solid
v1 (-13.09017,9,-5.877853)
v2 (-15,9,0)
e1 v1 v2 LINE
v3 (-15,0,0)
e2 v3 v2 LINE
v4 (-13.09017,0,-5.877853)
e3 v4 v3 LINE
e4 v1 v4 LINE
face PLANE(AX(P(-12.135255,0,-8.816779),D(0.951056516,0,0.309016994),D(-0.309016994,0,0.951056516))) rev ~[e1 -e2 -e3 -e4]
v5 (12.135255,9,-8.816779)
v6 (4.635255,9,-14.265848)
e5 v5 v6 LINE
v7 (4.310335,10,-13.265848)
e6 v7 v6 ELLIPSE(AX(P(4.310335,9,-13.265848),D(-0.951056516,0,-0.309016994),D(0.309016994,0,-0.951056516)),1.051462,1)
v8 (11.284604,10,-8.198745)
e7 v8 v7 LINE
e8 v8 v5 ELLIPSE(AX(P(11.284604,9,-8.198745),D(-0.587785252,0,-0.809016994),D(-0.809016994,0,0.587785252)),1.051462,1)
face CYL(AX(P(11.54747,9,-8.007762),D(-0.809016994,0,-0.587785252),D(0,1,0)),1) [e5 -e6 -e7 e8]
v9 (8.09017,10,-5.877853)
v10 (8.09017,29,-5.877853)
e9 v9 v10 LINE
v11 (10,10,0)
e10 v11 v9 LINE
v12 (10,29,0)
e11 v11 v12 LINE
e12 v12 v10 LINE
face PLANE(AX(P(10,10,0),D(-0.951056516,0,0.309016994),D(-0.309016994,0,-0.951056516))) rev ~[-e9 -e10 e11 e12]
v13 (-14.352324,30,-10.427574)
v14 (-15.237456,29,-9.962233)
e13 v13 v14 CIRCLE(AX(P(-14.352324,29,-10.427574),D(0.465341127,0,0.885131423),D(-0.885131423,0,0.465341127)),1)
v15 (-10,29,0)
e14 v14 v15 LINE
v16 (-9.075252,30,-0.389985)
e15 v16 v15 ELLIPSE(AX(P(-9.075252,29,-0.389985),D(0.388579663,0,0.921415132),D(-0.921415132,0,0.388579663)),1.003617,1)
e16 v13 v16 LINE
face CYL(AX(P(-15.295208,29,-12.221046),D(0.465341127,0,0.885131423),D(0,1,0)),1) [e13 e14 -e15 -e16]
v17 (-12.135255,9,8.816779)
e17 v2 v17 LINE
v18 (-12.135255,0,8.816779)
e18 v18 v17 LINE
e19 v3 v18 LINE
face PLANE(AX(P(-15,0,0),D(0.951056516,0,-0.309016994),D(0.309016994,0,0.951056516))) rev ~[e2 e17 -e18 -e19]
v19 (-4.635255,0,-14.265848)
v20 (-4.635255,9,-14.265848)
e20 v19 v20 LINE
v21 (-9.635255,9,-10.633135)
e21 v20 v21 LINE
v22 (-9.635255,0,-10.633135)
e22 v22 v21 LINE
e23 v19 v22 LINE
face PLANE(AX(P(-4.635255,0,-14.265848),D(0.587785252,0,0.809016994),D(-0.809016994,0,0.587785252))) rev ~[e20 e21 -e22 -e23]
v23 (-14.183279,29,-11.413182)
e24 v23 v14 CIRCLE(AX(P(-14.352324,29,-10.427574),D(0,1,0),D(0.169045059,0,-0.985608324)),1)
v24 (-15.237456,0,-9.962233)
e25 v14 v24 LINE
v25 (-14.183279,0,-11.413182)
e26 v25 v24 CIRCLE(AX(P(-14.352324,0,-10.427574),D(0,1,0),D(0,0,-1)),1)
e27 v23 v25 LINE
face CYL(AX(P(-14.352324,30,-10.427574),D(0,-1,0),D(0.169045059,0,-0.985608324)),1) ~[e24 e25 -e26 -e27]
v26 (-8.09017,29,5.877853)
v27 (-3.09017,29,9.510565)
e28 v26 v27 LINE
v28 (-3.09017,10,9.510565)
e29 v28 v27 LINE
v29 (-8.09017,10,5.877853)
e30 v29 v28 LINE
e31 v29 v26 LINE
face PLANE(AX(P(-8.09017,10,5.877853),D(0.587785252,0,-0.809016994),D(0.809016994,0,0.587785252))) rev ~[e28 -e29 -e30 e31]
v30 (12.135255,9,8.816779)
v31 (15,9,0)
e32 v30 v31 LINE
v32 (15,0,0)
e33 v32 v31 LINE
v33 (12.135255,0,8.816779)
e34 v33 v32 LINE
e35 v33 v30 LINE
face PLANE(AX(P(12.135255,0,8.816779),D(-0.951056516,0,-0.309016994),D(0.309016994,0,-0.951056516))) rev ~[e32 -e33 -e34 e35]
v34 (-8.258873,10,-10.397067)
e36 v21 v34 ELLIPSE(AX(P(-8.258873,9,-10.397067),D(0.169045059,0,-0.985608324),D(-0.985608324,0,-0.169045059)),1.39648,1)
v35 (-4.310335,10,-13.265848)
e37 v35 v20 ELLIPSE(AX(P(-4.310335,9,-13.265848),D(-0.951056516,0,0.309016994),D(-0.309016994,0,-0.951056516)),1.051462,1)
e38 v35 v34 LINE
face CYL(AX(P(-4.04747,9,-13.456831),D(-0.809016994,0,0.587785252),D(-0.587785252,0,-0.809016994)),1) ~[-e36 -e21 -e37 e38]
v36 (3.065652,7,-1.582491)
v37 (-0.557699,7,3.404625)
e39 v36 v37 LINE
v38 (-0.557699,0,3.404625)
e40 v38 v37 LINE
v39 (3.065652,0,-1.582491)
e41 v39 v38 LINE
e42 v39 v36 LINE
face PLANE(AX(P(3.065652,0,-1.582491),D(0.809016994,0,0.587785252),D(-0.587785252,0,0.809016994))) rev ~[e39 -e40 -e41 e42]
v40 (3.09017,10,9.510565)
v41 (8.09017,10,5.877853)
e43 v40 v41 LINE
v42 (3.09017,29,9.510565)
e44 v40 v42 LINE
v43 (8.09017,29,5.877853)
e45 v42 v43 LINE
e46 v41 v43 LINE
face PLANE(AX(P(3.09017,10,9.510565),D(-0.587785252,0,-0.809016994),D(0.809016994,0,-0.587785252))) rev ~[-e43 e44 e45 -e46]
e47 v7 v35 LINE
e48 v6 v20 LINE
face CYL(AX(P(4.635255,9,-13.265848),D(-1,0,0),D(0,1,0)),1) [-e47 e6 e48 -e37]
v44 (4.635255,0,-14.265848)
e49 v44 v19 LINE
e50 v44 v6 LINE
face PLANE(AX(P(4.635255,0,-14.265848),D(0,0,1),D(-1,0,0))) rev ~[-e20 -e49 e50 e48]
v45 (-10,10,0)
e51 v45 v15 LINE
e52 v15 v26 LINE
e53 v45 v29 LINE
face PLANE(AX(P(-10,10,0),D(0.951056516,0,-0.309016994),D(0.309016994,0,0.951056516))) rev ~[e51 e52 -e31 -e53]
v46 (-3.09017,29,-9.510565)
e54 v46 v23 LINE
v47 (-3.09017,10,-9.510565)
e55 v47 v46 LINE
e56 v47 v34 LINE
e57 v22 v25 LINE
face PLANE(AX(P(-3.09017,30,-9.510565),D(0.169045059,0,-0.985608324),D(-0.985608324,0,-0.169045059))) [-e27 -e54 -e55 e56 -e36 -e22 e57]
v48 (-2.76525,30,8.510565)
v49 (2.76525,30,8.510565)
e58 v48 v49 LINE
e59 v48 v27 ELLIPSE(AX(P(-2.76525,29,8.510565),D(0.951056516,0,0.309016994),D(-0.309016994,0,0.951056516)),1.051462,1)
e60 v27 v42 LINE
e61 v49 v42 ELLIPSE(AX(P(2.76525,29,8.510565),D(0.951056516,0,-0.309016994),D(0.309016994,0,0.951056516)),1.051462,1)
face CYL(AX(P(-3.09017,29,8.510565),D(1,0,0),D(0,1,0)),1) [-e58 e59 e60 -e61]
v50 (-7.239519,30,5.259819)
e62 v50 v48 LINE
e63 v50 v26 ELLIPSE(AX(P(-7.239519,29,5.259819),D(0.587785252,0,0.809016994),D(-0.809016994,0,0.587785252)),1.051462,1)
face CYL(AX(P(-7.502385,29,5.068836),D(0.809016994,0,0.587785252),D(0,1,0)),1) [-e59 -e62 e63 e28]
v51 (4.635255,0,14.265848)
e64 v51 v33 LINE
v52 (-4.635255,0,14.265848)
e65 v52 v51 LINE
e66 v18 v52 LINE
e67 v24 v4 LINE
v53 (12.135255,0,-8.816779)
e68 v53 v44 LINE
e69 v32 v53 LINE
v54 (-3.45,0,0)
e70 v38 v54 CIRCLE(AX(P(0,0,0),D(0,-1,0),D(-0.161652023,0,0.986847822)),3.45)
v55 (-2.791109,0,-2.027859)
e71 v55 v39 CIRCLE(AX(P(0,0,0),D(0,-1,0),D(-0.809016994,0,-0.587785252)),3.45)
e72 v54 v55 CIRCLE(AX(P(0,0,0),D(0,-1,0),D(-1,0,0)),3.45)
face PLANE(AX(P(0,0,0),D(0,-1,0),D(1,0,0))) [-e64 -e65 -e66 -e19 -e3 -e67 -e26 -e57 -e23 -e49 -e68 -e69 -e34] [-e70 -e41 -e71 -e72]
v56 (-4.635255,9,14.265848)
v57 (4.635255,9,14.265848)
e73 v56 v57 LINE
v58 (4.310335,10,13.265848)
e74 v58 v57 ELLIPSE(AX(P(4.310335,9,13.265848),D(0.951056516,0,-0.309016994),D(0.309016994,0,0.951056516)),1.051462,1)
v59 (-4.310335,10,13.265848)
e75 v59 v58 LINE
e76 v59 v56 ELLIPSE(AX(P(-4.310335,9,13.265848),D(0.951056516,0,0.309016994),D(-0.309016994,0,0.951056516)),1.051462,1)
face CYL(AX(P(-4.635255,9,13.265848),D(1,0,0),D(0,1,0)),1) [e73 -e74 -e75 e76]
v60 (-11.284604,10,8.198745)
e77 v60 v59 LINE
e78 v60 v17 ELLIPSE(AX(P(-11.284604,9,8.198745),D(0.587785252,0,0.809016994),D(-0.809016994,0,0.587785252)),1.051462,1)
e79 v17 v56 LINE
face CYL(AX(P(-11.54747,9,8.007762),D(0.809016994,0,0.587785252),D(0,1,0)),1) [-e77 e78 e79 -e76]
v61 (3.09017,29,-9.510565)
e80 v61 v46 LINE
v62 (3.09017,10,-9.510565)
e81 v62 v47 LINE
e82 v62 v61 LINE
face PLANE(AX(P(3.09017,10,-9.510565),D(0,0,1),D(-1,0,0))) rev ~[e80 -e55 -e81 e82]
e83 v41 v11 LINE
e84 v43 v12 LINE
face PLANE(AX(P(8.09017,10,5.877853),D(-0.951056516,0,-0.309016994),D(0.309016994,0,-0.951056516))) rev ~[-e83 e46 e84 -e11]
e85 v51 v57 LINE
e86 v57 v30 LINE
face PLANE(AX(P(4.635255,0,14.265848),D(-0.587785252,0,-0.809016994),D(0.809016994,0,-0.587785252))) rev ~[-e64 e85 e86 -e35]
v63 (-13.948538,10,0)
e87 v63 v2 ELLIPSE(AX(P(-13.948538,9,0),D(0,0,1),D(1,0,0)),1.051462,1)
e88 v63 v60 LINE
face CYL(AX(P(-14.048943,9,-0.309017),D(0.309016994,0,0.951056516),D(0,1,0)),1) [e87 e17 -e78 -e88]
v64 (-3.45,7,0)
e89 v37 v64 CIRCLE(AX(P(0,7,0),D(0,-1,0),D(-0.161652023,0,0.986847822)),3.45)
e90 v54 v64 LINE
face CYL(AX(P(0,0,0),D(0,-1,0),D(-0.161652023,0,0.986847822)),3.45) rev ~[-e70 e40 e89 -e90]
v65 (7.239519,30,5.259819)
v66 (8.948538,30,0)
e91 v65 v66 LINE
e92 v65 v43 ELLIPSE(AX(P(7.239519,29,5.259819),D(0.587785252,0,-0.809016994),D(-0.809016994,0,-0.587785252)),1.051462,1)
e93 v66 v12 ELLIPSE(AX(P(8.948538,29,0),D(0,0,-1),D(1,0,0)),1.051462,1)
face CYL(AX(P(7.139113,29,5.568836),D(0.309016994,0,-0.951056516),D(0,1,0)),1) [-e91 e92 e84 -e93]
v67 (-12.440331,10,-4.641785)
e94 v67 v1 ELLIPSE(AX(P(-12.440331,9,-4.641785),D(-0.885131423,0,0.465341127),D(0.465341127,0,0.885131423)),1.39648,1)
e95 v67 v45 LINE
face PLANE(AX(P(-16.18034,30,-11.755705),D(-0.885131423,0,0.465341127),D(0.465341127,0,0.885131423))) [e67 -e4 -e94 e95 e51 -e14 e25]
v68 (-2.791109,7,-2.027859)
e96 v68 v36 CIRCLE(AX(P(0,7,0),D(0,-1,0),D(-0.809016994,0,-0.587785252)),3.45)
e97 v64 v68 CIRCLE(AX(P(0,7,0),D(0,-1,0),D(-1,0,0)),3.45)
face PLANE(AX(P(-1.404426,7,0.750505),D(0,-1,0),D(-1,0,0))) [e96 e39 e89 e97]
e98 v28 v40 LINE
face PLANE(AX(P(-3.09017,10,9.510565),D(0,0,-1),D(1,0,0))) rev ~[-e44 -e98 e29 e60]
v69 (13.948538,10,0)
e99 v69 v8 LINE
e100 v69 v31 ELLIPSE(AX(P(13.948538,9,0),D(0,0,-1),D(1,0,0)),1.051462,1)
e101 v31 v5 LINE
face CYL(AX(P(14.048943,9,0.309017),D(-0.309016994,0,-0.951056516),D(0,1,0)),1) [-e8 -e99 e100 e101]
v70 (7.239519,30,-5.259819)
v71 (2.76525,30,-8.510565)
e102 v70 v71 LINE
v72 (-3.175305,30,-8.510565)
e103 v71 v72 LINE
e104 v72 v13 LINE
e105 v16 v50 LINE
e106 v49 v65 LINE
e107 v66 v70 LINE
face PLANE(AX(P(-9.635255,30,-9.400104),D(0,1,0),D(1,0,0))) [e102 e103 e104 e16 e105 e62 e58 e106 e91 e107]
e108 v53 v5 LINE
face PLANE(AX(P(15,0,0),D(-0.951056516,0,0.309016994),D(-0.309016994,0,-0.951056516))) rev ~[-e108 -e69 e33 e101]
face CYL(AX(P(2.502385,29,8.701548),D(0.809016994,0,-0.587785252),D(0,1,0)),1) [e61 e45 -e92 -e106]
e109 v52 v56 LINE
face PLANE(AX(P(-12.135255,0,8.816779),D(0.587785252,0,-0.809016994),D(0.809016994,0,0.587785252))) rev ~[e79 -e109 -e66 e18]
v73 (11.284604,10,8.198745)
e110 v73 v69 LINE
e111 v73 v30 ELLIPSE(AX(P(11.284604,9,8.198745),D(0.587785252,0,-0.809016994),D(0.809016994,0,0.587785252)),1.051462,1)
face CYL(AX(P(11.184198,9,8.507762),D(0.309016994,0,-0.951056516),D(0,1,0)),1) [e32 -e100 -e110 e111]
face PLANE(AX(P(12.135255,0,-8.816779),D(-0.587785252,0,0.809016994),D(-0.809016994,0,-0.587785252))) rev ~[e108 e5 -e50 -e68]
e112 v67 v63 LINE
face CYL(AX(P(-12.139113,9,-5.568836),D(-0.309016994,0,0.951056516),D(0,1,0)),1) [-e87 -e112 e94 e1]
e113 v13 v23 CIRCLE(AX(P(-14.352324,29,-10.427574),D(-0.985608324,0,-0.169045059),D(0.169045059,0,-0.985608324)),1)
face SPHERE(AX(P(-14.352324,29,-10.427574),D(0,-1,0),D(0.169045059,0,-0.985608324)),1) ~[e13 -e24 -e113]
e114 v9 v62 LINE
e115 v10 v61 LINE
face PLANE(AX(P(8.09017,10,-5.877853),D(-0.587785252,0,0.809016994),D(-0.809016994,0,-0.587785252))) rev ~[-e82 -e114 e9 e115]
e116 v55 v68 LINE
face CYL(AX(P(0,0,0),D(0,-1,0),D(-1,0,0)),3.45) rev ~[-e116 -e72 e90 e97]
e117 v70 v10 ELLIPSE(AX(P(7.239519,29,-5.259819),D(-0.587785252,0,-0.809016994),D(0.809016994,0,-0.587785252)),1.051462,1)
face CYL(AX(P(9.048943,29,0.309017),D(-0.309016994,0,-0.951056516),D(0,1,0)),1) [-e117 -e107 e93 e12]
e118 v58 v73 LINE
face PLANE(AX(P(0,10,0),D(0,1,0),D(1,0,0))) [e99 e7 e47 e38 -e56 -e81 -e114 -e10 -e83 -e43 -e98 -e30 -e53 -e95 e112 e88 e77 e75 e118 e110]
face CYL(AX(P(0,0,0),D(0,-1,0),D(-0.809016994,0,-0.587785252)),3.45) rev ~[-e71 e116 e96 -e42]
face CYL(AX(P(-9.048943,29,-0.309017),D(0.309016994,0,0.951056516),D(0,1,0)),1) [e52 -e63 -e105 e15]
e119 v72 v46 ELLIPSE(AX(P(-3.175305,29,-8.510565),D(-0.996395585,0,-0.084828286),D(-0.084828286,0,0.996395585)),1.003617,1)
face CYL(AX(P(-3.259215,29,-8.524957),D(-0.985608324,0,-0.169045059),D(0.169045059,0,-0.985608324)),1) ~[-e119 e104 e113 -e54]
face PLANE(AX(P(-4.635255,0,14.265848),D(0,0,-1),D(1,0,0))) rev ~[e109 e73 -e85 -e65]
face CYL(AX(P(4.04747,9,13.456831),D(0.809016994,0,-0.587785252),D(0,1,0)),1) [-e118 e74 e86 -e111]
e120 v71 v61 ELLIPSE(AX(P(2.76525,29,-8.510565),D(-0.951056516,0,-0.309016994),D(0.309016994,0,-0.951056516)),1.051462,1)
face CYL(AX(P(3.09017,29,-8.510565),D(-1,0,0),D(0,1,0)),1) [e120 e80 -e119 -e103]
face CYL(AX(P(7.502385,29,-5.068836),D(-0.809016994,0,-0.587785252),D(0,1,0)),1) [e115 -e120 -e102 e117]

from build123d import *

# Parameters (mm, degrees)
BOSS_EXTRUDE1_DEPTH = 10
BOSS_EXTRUDE2_DEPTH = 20
BOSS_EXTRUDE3_REACH = 38.449
FILLET1_R           = 1
CUT_EXTRUDE1_DEPTH  = 7


with BuildPart() as part:
    # Sketch1 → Boss-Extrude1 (new body)
    with BuildSketch(Plane(origin=(0, 0, 0), x_dir=(1, 0, 0), z_dir=(0, 1, 0))):
        Polygon((15, 0), (12.135254916, 8.816778784), (4.635254916, 14.265847744), (-4.635254916, 14.265847744), (-12.135254916, 8.816778784), (-15, 0), (-12.135254916, -8.816778784), (-4.635254916, -14.265847744), (4.635254916, -14.265847744), (12.135254916, -8.816778784), align=None)
    extrude(amount=BOSS_EXTRUDE1_DEPTH)

    # Sketch2 → Boss-Extrude2 (add)
    with BuildSketch(Plane(origin=(0, 10, 0), x_dir=(1, 0, 0), z_dir=(0, 1, 0))):
        Polygon((10, 0), (8.090169944, 5.877852523), (3.090169944, 9.510565163), (-3.090169944, 9.510565163), (-8.090169944, 5.877852523), (-10, 0), (-8.090169944, -5.877852523), (-3.090169944, -9.510565163), (3.090169944, -9.510565163), (8.090169944, -5.877852523), align=None)
    extrude(amount=BOSS_EXTRUDE2_DEPTH)

    # Boss-Extrude3: up to this face of the body (flat: up to its plane)
    boss_extrude3_end = Plane(part.part.faces().sort_by_distance((0, 0, 0))[0])
    # Sketch3 → Boss-Extrude3 (add, up to the picked face)
    with BuildSketch(Plane(origin=(0, 30, 0), x_dir=(1, 0, 0), z_dir=(0, 1, 0)), mode=Mode.PRIVATE) as boss_extrude3_sk1:
        Polygon((-16.180339887, 11.755705046), (-10, 0), (-8.090169944, 5.877852523), align=None)
    boss_extrude3_tool1 = split(extrude(boss_extrude3_sk1.sketch, amount=-BOSS_EXTRUDE3_REACH, mode=Mode.PRIVATE), bisect_by=boss_extrude3_end, keep=Keep.BOTH, mode=Mode.PRIVATE)
    # Sketch3 → Boss-Extrude3 (add, up to the picked face)
    with BuildSketch(Plane(origin=(0, 30, 0), x_dir=(1, 0, 0), z_dir=(0, 1, 0)), mode=Mode.PRIVATE) as boss_extrude3_sk2:
        Polygon((-3.090169944, 9.510565163), (-16.180339887, 11.755705046), (-8.090169944, 5.877852523), align=None)
    boss_extrude3_tool2 = split(extrude(boss_extrude3_sk2.sketch, amount=-BOSS_EXTRUDE3_REACH, mode=Mode.PRIVATE), bisect_by=boss_extrude3_end, keep=Keep.BOTH, mode=Mode.PRIVATE)
    add(boss_extrude3_tool1.solids().sort_by(Axis((-11.423503, 30, -5.877853), (0, -1, 0)))[0])
    add(boss_extrude3_tool2.solids().sort_by(Axis((-9.120227, 30, -9.048041), (0, -1, 0)))[0])

    # Fillet1
    fillet1_edges = [part.edges().sort_by_distance(p)[0] for p in [
        (8.385254916, 10, -11.541313264),
        (0, 10, -14.265847744),
        (-7.135254916, 10, -12.449491424),
        (-13.567627458, 10, 4.408389392),
        (-8.385254916, 10, 11.541313264),
        (0, 10, 14.265847744),
        (9.045084972, 30, 2.938926261),
        (9.045084972, 30, -2.938926261),
        (5.590169944, 30, -7.694208843),
        (0, 30, -9.510565163),
        (-9.045084972, 30, 2.938926261),
        (-5.590169944, 30, 7.694208843),
        (0, 30, 9.510565163),
        (5.590169944, 30, 7.694208843),
        (8.385254916, 10, 11.541313264),
        (13.567627458, 10, 4.408389392),
        (-14.045084972, 10, -2.938926261),
        (-16.180339887, 15, -11.755705046),
        (-9.635254916, 30, -10.633135104),
        (-13.090169944, 30, -5.877852523),
        (13.567627458, 10, -4.408389392),
    ]]
    fillet(fillet1_edges, radius=FILLET1_R)

    # Sketch4 → Cut-Extrude1 (cut)
    with BuildSketch(Plane(origin=(0, 0, 0), x_dir=(-1, 0, 0), z_dir=(0, -1, 0))):
        with BuildLine():
            ThreePointArc((3.45, 0), (3.281144981, 1.066108631), (2.791108631, 2.02785912))
            Line((2.791108631, 2.02785912), (-1.253976341, -0.911067141))
            Line((-1.253976341, -0.911067141), (0.557699479, -3.404624985))
            ThreePointArc((0.557699479, -3.404624985), (2.629312001, -2.233655837), (3.45, 0))
        make_face()
        with BuildLine():
            Line((-1.253976341, -0.911067141), (2.791108631, 2.02785912))
            ThreePointArc((2.791108631, 2.02785912), (-0.261594714, 3.440068052), (-3.065652161, 1.582490703))
            Line((-3.065652161, 1.582490703), (-1.253976341, -0.911067141))
        make_face()
    extrude(amount=-CUT_EXTRUDE1_DEPTH, mode=Mode.SUBTRACT)


solid = part.part
